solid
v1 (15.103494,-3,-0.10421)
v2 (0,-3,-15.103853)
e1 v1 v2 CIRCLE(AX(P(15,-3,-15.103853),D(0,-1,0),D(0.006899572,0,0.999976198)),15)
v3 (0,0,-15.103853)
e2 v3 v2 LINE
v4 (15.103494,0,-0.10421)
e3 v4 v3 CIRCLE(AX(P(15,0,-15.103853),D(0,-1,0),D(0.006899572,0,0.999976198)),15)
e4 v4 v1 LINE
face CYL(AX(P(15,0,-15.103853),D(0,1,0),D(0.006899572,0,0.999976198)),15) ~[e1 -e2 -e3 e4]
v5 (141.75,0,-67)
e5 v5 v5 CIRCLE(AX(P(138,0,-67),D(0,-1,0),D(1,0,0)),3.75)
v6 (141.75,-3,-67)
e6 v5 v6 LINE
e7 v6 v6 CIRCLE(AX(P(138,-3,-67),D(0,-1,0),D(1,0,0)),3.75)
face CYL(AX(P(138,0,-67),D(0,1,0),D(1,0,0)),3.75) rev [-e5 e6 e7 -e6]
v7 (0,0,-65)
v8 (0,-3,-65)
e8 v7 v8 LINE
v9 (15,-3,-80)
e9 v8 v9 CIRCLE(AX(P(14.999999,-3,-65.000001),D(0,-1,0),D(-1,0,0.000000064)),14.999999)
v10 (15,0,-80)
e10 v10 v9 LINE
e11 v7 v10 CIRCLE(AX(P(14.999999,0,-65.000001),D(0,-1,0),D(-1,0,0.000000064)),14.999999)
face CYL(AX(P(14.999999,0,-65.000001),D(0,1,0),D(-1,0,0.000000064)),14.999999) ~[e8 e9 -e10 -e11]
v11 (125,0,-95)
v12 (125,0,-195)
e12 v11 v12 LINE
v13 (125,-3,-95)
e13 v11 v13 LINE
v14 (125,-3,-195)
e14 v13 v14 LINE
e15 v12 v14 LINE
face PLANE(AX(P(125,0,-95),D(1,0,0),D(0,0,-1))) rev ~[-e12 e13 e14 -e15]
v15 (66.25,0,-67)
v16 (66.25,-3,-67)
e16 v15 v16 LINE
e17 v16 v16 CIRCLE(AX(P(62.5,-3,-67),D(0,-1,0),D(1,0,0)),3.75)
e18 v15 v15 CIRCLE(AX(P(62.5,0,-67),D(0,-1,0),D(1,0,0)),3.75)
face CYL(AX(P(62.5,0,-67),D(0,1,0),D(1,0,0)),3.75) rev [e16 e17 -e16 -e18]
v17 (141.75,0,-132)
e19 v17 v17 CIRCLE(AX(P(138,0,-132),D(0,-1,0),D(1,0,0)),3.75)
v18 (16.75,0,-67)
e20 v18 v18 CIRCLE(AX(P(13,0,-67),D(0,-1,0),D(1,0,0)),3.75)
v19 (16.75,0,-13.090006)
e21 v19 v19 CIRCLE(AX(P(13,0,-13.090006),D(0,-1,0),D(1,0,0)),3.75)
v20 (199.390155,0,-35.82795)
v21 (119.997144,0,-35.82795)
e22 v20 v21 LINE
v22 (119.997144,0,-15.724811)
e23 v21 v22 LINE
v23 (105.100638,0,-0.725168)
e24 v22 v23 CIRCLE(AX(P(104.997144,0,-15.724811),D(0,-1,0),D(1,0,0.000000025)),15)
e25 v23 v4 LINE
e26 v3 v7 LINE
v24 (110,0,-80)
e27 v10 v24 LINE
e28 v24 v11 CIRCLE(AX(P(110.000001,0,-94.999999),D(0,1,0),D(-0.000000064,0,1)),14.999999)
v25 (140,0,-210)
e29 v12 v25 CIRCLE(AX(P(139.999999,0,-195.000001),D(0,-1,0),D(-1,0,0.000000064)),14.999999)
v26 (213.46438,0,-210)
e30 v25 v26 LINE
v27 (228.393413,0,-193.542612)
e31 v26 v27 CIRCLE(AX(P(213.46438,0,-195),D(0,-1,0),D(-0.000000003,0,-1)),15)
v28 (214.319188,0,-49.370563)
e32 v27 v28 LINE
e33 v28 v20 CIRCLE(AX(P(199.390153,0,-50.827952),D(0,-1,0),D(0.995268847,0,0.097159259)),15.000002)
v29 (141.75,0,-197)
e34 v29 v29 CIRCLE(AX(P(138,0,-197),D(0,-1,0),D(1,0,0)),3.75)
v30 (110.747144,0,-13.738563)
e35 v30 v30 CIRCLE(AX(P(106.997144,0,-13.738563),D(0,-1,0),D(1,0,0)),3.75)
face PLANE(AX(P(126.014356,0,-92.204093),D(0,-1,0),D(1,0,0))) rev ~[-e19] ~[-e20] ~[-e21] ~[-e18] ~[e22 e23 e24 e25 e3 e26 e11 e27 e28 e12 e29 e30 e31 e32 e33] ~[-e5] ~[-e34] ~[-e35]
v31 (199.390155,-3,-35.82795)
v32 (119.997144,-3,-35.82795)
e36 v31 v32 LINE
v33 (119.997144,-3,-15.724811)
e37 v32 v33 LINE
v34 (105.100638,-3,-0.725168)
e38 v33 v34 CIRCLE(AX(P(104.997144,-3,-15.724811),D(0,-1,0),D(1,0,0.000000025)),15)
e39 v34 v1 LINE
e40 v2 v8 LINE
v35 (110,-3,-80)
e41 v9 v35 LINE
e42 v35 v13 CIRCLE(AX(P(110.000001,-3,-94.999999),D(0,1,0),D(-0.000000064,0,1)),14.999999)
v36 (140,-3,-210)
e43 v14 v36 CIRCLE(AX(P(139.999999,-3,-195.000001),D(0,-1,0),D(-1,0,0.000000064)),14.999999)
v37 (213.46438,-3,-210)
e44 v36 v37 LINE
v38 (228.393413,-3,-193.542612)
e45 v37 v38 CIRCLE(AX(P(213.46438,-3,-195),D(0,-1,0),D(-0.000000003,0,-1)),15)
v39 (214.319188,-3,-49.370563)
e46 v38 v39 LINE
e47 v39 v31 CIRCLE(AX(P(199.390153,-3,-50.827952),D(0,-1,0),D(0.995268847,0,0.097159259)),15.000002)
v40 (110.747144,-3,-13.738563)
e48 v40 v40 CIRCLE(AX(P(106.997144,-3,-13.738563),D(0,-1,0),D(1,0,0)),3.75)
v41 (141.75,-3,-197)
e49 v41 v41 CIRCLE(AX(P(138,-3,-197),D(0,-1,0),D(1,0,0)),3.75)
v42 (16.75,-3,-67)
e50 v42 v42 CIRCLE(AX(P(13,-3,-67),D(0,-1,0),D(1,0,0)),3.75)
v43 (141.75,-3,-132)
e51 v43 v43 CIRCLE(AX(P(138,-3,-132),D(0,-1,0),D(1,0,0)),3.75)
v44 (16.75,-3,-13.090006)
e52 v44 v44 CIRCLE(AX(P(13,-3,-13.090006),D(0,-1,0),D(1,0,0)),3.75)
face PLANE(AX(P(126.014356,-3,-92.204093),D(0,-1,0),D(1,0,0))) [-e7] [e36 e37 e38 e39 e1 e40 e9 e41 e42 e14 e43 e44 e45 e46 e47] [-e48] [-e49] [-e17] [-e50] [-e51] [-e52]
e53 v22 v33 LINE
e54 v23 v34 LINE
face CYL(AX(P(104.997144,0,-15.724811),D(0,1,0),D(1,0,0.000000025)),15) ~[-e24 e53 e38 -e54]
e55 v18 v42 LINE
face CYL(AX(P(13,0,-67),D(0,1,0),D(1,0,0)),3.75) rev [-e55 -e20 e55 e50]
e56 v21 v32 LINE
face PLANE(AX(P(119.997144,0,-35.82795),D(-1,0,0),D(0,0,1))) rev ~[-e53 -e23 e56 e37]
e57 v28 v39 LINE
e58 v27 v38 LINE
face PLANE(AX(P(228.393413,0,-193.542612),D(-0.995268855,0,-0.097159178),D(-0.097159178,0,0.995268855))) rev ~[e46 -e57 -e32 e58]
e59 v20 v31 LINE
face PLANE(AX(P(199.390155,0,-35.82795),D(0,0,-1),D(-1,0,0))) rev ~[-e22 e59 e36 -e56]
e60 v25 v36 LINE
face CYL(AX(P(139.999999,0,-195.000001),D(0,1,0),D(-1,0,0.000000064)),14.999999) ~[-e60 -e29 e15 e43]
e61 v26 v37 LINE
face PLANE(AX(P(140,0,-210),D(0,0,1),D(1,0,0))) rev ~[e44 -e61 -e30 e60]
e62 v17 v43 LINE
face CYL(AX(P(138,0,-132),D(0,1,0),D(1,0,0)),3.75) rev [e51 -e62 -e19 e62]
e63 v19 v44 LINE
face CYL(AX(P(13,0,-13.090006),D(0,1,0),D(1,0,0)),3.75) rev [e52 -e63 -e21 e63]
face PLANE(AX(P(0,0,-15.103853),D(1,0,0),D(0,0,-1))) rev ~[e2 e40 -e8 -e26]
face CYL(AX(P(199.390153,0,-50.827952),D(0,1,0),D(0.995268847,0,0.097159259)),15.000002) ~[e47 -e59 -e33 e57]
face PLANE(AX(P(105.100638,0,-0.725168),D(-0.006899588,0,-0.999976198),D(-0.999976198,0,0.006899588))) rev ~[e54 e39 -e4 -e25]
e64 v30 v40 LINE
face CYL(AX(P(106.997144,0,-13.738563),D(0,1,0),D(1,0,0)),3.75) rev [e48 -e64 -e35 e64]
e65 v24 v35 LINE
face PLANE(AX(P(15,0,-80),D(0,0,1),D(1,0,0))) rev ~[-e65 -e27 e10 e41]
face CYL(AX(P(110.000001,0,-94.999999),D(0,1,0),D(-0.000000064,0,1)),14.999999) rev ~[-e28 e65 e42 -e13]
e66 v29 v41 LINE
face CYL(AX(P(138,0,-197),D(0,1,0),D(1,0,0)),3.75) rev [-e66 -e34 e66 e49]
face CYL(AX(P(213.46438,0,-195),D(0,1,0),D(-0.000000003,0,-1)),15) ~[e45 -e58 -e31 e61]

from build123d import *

# Parameters (mm, degrees)
F0_R     = 3.75
F1_DEPTH = 3


with BuildPart() as f1:
    # F0 (on Front) → F1 (new body)
    with BuildSketch(Plane.XZ):
        with BuildLine():
            ThreePointArc((15.103494, -0.10421), (4.430052, -4.460724), (0, -15.103853))
            Line((0, -15.103853), (0, -65))
            ThreePointArc((0, -65), (4.393398, -75.606602), (15, -80))
            Line((15, -80), (110, -80))
            ThreePointArc((110, -80), (120.606602, -84.393398), (125, -95))
            Line((125, -95), (125, -195))
            ThreePointArc((125, -195), (129.393398, -205.606602), (140, -210))
            Line((140, -210), (213.46438, -210))
            ThreePointArc((213.46438, -210), (224.574304, -205.078174), (228.393413, -193.542612))
            Line((228.393413, -193.542612), (214.319188, -49.370563))
            ThreePointArc((214.319188, -49.370563), (209.468329, -39.718027), (199.390155, -35.82795))
            Line((199.390155, -35.82795), (119.997144, -35.82795))
            Line((119.997144, -35.82795), (119.997144, -15.724811))
            ThreePointArc((119.997144, -15.724811), (115.640273, -5.154863), (105.100638, -0.725168))
            Line((105.100638, -0.725168), (15.103494, -0.10421))
        make_face()
        with Locations((138, -197)):
            Circle(F0_R, mode=Mode.SUBTRACT)
        with Locations((138, -132)):
            Circle(F0_R, mode=Mode.SUBTRACT)
        with Locations((13, -67)):
            Circle(F0_R, mode=Mode.SUBTRACT)
        with Locations((62.5, -67)):
            Circle(F0_R, mode=Mode.SUBTRACT)
        with Locations((13, -13.090006)):
            Circle(F0_R, mode=Mode.SUBTRACT)
        with Locations((106.997144, -13.738563)):
            Circle(F0_R, mode=Mode.SUBTRACT)
        with Locations((138, -67)):
            Circle(F0_R, mode=Mode.SUBTRACT)
    extrude(amount=F1_DEPTH)


solid = f1.part
